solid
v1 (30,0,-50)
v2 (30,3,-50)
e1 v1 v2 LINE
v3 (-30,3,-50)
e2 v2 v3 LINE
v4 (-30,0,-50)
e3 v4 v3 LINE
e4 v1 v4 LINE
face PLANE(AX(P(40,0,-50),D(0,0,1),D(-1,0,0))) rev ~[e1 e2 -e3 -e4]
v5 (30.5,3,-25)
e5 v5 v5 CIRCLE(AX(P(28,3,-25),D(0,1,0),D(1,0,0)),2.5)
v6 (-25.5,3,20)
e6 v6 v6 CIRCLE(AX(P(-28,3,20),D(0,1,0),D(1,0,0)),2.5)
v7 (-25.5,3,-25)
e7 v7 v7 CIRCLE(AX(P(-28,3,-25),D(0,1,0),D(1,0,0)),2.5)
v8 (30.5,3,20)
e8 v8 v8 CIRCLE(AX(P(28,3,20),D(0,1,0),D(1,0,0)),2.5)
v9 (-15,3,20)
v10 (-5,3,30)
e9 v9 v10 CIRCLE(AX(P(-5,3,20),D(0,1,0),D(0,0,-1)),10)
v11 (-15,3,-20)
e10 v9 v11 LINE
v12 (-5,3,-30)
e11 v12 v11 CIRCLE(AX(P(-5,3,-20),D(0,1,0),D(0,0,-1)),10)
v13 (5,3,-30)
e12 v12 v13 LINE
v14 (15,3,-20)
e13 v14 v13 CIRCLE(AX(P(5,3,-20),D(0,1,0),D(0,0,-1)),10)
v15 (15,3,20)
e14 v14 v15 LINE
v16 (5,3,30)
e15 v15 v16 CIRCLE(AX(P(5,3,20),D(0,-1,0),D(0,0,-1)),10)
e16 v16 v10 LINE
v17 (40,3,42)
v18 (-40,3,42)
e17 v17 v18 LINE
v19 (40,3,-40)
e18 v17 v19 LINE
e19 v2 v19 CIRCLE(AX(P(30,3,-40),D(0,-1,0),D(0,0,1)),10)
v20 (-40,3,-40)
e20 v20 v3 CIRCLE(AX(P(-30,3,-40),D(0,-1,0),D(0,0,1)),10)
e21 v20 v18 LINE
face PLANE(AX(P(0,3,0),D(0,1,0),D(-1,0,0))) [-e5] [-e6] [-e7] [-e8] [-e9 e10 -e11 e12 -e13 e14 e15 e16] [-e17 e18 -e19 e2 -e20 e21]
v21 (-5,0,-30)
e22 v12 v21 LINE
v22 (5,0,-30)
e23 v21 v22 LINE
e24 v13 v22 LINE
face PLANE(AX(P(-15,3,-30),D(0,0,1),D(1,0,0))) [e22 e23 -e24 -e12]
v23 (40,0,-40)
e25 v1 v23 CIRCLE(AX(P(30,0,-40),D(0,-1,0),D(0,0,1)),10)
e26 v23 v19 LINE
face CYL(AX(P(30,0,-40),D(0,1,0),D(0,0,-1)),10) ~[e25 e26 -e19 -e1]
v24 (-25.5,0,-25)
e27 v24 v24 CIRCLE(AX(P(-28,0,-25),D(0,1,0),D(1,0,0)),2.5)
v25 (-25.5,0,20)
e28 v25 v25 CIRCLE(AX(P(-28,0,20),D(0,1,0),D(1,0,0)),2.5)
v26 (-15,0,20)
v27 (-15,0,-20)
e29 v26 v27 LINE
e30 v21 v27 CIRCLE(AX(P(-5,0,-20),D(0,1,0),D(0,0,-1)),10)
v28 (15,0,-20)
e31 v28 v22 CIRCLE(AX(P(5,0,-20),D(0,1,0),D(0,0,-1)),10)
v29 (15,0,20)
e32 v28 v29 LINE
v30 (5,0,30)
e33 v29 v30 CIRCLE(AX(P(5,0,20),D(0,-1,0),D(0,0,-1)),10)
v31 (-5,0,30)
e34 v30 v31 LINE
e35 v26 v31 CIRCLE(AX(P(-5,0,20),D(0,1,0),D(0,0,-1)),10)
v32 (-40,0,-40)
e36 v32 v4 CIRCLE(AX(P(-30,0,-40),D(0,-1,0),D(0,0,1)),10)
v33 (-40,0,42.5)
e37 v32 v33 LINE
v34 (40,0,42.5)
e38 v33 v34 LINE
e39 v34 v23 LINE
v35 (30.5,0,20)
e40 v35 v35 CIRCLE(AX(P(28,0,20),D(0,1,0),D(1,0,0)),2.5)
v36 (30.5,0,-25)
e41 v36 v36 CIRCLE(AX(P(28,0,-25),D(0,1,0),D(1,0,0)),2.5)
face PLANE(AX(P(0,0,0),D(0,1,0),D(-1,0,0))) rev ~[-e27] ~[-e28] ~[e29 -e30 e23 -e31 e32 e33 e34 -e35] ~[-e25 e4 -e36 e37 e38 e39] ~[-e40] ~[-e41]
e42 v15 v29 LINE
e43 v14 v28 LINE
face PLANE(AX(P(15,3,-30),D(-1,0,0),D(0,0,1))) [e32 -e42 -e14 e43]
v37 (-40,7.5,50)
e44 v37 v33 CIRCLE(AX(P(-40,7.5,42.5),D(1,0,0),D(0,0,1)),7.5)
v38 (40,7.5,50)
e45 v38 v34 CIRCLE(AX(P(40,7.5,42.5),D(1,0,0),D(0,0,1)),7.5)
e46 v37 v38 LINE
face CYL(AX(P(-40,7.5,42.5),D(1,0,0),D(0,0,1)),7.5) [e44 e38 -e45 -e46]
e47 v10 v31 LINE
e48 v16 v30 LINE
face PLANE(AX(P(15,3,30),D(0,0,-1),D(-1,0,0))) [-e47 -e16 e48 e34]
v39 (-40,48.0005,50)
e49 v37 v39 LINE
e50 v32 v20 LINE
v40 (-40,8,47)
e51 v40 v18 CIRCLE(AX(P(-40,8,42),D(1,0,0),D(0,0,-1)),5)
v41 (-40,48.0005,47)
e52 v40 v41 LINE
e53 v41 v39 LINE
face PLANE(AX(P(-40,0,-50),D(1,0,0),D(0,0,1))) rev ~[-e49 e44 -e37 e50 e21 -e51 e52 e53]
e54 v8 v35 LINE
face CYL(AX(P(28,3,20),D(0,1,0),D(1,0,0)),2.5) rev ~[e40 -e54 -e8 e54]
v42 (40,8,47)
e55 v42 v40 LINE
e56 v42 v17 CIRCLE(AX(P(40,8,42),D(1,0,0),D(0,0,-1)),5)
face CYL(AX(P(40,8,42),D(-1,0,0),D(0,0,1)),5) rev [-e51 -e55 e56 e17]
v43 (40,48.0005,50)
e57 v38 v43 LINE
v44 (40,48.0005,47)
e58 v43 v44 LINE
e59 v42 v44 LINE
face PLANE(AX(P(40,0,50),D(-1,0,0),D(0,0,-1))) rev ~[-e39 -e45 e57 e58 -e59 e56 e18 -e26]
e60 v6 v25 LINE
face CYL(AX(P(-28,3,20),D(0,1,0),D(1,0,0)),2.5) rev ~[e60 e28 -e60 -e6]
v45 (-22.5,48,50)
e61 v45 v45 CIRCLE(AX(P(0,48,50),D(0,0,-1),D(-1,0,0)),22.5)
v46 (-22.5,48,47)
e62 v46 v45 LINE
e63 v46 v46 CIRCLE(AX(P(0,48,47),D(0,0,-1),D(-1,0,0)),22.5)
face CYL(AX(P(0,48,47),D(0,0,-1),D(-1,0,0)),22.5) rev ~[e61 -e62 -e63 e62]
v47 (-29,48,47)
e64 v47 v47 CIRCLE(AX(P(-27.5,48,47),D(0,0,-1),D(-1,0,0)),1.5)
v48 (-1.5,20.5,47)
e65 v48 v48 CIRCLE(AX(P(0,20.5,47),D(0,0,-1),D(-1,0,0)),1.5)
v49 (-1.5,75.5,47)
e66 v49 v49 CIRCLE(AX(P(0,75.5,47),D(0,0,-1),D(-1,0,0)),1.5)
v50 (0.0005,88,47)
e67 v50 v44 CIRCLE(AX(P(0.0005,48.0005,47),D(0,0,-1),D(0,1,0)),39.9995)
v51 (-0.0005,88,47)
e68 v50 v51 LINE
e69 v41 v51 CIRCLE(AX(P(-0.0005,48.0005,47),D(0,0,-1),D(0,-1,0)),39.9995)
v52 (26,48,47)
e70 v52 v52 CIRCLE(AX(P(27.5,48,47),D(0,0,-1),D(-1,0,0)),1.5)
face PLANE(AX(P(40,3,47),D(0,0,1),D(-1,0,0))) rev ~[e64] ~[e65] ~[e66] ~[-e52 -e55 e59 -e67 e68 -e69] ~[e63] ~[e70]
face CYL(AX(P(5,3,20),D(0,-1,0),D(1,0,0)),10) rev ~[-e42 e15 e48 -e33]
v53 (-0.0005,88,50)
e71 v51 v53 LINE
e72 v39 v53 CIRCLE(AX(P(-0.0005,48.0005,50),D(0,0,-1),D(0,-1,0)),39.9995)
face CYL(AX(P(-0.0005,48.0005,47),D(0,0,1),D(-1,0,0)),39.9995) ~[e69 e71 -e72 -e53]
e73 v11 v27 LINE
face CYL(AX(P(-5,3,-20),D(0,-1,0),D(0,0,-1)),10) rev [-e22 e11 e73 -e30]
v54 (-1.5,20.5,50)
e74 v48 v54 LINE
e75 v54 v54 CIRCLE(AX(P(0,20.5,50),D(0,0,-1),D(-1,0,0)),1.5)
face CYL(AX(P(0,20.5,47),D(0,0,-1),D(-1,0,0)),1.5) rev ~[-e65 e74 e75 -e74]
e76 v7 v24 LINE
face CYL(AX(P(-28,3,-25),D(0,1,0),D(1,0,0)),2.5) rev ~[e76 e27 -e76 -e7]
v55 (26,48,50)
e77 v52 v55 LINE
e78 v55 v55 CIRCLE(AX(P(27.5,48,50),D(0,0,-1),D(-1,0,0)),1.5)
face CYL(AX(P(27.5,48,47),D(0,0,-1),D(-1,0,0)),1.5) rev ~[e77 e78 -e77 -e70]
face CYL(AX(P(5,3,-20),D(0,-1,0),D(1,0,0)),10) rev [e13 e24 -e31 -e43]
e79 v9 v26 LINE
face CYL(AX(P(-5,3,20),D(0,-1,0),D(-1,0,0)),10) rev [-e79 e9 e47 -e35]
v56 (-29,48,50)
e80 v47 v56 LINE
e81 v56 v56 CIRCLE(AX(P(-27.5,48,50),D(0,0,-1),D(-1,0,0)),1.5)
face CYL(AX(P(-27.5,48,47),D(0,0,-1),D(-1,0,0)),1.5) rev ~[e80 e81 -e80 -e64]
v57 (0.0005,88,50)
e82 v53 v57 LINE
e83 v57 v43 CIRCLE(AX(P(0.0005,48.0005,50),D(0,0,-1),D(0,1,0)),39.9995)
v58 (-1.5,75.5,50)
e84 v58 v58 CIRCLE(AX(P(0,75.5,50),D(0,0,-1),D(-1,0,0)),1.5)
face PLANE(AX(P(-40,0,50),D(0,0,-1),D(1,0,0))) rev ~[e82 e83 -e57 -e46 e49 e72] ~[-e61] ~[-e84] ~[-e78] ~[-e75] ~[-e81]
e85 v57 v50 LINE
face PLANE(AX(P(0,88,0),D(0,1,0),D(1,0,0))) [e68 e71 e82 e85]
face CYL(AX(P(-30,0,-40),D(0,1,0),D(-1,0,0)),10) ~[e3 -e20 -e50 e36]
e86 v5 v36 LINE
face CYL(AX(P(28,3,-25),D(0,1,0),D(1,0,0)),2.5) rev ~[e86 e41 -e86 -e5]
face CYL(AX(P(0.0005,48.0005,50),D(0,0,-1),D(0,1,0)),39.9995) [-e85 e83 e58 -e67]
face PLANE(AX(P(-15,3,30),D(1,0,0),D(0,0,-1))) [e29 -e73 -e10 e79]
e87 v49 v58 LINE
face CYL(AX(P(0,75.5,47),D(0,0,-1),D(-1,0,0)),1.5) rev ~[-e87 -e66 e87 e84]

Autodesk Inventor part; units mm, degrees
ref_plane "YZ Plane" through (0, 0, 0) normal (1, 0, 0) x (0, 1, 0)
ref_plane "XZ Plane" through (0, 0, 0) normal (0, 1, 0) x (-1, 0, 0)
ref_plane "XY Plane" through (0, 0, 0) normal (0, 0, 1) x (1, 0, 0)
sketch "Sketch1" plane through (0, 0, 0) normal (0, 1, 0) x (-1, 0, 0)
  line L0 (40, 50) -> (-40, 50)
  line L1 (-40, 50) -> (-40, -50)
  line L2 (-40, -50) -> (40, -50)
  line L3 (40, -50) -> (40, 50)
  line L4 (40, 50) -> (-40, -50) construction
  line L5 (-40, 50) -> (40, -50) construction
  point P0 (0, 0)
  dimension "d0" = 80
  dimension "d1" = 100
extrude "Extrusion1" add sketch "Sketch1" along normal blind 3
sketch "Sketch2" plane through (0, 3, 0) normal (0, 1, 0) x (1, 0, 0)
  line L0 (-40, 50) -> (-40, -50) projected
  line L1 (40, -50) -> (40, 50) projected
  line L2 (-40, -50) -> (40, -50)
  line L3 (40, -50) -> (40, -47)
  line L4 (40, -47) -> (-40, -47)
  line L5 (-40, -47) -> (-40, -50)
  point P0 (0, 0)
  dimension "d4" = 3
extrude "Extrusion2" add sketch "Sketch2" along normal blind 85
sketch "Sketch4" plane through (40, 3, 47) normal (0, 0, -1) x (-1, 0, 0)
  circle A0 centre (40, 45) radius 22.5
  line L0 (0, 0) -> (80, 0) projected
  line L1 (0, 0) -> (0, 85) projected
  circle A1 centre (12.5, 45) radius 1.5
  circle A2 centre (40, 72.5) radius 1.5
  circle A3 centre (67.5, 45) radius 1.5
  circle A4 centre (40, 17.5) radius 1.5
  line L2 (0, 85) -> (80, 85) projected
  point P0 (40, -3)
  dimension "d7" = 45
  dimension "d9" = 40
  dimension "d10" = 3
  dimension "d11" = 3
  dimension "d12" = 3
  dimension "d13" = 3
  dimension "d14" = 27.5
  dimension "d15" = 27.5
  dimension "d16" = 27.5
  dimension "d17" = 27.5
  dimension "d21" = 40
extrude "Extrusion3" cut sketch "Sketch4" against normal blind 3
fillet "Fillet1" radius 40 2 edges at (40, 88, 48.5) (-40, 88, 48.5)
fillet "Fillet2" radius 5 1 edges at (0, 3, 47)
fillet "Fillet3" radius 7.5 1 edges at (0, 0, 50)
fillet "Fillet4" radius 10 2 edges at (40, 1.5, -50) (-40, 1.5, -50)
sketch "Sketch7" plane through (0, 3, 0) normal (0, 1, 0) x (1, 0, 0)
  circle A0 centre (28, -20) radius 2.5
  circle A1 centre (28, 25) radius 2.5
  circle A2 centre (-28, 25) radius 2.5
  circle A3 centre (-28, -20) radius 2.5
  line L0 (40, -42) -> (40, 40) projected
  line L1 (30, 50) -> (-30, 50) projected
  line L2 (-40, 40) -> (-40, -42) projected
  line L3 (15, -30) -> (-15, -30)
  line L4 (-15, -30) -> (-15, 30)
  line L5 (-15, 30) -> (15, 30)
  line L6 (15, 30) -> (15, -30)
  line L7 (15, -30) -> (-15, 30) construction
  line L8 (-15, -30) -> (15, 30) construction
  point P0 (0, 0)
  dimension "d25" = 5
  dimension "d26" = 5
  dimension "d27" = 5
  dimension "d28" = 5
  dimension "d29" = 12
  dimension "d30" = 70
  dimension "d31" = 25
  dimension "d32" = 12
  dimension "d33" = 70
  dimension "d34" = 25
  dimension "d35" = 30
  dimension "d36" = 60
extrude "Extrusion4" cut sketch "Sketch7" against normal blind 85
fillet "Fillet5" radius 10 4 edges at (-15, 1.5, 30) (15, 1.5, 30) (15, 1.5, -30) (-15, 1.5, -30)
properties part number "Holder Water Pump"
